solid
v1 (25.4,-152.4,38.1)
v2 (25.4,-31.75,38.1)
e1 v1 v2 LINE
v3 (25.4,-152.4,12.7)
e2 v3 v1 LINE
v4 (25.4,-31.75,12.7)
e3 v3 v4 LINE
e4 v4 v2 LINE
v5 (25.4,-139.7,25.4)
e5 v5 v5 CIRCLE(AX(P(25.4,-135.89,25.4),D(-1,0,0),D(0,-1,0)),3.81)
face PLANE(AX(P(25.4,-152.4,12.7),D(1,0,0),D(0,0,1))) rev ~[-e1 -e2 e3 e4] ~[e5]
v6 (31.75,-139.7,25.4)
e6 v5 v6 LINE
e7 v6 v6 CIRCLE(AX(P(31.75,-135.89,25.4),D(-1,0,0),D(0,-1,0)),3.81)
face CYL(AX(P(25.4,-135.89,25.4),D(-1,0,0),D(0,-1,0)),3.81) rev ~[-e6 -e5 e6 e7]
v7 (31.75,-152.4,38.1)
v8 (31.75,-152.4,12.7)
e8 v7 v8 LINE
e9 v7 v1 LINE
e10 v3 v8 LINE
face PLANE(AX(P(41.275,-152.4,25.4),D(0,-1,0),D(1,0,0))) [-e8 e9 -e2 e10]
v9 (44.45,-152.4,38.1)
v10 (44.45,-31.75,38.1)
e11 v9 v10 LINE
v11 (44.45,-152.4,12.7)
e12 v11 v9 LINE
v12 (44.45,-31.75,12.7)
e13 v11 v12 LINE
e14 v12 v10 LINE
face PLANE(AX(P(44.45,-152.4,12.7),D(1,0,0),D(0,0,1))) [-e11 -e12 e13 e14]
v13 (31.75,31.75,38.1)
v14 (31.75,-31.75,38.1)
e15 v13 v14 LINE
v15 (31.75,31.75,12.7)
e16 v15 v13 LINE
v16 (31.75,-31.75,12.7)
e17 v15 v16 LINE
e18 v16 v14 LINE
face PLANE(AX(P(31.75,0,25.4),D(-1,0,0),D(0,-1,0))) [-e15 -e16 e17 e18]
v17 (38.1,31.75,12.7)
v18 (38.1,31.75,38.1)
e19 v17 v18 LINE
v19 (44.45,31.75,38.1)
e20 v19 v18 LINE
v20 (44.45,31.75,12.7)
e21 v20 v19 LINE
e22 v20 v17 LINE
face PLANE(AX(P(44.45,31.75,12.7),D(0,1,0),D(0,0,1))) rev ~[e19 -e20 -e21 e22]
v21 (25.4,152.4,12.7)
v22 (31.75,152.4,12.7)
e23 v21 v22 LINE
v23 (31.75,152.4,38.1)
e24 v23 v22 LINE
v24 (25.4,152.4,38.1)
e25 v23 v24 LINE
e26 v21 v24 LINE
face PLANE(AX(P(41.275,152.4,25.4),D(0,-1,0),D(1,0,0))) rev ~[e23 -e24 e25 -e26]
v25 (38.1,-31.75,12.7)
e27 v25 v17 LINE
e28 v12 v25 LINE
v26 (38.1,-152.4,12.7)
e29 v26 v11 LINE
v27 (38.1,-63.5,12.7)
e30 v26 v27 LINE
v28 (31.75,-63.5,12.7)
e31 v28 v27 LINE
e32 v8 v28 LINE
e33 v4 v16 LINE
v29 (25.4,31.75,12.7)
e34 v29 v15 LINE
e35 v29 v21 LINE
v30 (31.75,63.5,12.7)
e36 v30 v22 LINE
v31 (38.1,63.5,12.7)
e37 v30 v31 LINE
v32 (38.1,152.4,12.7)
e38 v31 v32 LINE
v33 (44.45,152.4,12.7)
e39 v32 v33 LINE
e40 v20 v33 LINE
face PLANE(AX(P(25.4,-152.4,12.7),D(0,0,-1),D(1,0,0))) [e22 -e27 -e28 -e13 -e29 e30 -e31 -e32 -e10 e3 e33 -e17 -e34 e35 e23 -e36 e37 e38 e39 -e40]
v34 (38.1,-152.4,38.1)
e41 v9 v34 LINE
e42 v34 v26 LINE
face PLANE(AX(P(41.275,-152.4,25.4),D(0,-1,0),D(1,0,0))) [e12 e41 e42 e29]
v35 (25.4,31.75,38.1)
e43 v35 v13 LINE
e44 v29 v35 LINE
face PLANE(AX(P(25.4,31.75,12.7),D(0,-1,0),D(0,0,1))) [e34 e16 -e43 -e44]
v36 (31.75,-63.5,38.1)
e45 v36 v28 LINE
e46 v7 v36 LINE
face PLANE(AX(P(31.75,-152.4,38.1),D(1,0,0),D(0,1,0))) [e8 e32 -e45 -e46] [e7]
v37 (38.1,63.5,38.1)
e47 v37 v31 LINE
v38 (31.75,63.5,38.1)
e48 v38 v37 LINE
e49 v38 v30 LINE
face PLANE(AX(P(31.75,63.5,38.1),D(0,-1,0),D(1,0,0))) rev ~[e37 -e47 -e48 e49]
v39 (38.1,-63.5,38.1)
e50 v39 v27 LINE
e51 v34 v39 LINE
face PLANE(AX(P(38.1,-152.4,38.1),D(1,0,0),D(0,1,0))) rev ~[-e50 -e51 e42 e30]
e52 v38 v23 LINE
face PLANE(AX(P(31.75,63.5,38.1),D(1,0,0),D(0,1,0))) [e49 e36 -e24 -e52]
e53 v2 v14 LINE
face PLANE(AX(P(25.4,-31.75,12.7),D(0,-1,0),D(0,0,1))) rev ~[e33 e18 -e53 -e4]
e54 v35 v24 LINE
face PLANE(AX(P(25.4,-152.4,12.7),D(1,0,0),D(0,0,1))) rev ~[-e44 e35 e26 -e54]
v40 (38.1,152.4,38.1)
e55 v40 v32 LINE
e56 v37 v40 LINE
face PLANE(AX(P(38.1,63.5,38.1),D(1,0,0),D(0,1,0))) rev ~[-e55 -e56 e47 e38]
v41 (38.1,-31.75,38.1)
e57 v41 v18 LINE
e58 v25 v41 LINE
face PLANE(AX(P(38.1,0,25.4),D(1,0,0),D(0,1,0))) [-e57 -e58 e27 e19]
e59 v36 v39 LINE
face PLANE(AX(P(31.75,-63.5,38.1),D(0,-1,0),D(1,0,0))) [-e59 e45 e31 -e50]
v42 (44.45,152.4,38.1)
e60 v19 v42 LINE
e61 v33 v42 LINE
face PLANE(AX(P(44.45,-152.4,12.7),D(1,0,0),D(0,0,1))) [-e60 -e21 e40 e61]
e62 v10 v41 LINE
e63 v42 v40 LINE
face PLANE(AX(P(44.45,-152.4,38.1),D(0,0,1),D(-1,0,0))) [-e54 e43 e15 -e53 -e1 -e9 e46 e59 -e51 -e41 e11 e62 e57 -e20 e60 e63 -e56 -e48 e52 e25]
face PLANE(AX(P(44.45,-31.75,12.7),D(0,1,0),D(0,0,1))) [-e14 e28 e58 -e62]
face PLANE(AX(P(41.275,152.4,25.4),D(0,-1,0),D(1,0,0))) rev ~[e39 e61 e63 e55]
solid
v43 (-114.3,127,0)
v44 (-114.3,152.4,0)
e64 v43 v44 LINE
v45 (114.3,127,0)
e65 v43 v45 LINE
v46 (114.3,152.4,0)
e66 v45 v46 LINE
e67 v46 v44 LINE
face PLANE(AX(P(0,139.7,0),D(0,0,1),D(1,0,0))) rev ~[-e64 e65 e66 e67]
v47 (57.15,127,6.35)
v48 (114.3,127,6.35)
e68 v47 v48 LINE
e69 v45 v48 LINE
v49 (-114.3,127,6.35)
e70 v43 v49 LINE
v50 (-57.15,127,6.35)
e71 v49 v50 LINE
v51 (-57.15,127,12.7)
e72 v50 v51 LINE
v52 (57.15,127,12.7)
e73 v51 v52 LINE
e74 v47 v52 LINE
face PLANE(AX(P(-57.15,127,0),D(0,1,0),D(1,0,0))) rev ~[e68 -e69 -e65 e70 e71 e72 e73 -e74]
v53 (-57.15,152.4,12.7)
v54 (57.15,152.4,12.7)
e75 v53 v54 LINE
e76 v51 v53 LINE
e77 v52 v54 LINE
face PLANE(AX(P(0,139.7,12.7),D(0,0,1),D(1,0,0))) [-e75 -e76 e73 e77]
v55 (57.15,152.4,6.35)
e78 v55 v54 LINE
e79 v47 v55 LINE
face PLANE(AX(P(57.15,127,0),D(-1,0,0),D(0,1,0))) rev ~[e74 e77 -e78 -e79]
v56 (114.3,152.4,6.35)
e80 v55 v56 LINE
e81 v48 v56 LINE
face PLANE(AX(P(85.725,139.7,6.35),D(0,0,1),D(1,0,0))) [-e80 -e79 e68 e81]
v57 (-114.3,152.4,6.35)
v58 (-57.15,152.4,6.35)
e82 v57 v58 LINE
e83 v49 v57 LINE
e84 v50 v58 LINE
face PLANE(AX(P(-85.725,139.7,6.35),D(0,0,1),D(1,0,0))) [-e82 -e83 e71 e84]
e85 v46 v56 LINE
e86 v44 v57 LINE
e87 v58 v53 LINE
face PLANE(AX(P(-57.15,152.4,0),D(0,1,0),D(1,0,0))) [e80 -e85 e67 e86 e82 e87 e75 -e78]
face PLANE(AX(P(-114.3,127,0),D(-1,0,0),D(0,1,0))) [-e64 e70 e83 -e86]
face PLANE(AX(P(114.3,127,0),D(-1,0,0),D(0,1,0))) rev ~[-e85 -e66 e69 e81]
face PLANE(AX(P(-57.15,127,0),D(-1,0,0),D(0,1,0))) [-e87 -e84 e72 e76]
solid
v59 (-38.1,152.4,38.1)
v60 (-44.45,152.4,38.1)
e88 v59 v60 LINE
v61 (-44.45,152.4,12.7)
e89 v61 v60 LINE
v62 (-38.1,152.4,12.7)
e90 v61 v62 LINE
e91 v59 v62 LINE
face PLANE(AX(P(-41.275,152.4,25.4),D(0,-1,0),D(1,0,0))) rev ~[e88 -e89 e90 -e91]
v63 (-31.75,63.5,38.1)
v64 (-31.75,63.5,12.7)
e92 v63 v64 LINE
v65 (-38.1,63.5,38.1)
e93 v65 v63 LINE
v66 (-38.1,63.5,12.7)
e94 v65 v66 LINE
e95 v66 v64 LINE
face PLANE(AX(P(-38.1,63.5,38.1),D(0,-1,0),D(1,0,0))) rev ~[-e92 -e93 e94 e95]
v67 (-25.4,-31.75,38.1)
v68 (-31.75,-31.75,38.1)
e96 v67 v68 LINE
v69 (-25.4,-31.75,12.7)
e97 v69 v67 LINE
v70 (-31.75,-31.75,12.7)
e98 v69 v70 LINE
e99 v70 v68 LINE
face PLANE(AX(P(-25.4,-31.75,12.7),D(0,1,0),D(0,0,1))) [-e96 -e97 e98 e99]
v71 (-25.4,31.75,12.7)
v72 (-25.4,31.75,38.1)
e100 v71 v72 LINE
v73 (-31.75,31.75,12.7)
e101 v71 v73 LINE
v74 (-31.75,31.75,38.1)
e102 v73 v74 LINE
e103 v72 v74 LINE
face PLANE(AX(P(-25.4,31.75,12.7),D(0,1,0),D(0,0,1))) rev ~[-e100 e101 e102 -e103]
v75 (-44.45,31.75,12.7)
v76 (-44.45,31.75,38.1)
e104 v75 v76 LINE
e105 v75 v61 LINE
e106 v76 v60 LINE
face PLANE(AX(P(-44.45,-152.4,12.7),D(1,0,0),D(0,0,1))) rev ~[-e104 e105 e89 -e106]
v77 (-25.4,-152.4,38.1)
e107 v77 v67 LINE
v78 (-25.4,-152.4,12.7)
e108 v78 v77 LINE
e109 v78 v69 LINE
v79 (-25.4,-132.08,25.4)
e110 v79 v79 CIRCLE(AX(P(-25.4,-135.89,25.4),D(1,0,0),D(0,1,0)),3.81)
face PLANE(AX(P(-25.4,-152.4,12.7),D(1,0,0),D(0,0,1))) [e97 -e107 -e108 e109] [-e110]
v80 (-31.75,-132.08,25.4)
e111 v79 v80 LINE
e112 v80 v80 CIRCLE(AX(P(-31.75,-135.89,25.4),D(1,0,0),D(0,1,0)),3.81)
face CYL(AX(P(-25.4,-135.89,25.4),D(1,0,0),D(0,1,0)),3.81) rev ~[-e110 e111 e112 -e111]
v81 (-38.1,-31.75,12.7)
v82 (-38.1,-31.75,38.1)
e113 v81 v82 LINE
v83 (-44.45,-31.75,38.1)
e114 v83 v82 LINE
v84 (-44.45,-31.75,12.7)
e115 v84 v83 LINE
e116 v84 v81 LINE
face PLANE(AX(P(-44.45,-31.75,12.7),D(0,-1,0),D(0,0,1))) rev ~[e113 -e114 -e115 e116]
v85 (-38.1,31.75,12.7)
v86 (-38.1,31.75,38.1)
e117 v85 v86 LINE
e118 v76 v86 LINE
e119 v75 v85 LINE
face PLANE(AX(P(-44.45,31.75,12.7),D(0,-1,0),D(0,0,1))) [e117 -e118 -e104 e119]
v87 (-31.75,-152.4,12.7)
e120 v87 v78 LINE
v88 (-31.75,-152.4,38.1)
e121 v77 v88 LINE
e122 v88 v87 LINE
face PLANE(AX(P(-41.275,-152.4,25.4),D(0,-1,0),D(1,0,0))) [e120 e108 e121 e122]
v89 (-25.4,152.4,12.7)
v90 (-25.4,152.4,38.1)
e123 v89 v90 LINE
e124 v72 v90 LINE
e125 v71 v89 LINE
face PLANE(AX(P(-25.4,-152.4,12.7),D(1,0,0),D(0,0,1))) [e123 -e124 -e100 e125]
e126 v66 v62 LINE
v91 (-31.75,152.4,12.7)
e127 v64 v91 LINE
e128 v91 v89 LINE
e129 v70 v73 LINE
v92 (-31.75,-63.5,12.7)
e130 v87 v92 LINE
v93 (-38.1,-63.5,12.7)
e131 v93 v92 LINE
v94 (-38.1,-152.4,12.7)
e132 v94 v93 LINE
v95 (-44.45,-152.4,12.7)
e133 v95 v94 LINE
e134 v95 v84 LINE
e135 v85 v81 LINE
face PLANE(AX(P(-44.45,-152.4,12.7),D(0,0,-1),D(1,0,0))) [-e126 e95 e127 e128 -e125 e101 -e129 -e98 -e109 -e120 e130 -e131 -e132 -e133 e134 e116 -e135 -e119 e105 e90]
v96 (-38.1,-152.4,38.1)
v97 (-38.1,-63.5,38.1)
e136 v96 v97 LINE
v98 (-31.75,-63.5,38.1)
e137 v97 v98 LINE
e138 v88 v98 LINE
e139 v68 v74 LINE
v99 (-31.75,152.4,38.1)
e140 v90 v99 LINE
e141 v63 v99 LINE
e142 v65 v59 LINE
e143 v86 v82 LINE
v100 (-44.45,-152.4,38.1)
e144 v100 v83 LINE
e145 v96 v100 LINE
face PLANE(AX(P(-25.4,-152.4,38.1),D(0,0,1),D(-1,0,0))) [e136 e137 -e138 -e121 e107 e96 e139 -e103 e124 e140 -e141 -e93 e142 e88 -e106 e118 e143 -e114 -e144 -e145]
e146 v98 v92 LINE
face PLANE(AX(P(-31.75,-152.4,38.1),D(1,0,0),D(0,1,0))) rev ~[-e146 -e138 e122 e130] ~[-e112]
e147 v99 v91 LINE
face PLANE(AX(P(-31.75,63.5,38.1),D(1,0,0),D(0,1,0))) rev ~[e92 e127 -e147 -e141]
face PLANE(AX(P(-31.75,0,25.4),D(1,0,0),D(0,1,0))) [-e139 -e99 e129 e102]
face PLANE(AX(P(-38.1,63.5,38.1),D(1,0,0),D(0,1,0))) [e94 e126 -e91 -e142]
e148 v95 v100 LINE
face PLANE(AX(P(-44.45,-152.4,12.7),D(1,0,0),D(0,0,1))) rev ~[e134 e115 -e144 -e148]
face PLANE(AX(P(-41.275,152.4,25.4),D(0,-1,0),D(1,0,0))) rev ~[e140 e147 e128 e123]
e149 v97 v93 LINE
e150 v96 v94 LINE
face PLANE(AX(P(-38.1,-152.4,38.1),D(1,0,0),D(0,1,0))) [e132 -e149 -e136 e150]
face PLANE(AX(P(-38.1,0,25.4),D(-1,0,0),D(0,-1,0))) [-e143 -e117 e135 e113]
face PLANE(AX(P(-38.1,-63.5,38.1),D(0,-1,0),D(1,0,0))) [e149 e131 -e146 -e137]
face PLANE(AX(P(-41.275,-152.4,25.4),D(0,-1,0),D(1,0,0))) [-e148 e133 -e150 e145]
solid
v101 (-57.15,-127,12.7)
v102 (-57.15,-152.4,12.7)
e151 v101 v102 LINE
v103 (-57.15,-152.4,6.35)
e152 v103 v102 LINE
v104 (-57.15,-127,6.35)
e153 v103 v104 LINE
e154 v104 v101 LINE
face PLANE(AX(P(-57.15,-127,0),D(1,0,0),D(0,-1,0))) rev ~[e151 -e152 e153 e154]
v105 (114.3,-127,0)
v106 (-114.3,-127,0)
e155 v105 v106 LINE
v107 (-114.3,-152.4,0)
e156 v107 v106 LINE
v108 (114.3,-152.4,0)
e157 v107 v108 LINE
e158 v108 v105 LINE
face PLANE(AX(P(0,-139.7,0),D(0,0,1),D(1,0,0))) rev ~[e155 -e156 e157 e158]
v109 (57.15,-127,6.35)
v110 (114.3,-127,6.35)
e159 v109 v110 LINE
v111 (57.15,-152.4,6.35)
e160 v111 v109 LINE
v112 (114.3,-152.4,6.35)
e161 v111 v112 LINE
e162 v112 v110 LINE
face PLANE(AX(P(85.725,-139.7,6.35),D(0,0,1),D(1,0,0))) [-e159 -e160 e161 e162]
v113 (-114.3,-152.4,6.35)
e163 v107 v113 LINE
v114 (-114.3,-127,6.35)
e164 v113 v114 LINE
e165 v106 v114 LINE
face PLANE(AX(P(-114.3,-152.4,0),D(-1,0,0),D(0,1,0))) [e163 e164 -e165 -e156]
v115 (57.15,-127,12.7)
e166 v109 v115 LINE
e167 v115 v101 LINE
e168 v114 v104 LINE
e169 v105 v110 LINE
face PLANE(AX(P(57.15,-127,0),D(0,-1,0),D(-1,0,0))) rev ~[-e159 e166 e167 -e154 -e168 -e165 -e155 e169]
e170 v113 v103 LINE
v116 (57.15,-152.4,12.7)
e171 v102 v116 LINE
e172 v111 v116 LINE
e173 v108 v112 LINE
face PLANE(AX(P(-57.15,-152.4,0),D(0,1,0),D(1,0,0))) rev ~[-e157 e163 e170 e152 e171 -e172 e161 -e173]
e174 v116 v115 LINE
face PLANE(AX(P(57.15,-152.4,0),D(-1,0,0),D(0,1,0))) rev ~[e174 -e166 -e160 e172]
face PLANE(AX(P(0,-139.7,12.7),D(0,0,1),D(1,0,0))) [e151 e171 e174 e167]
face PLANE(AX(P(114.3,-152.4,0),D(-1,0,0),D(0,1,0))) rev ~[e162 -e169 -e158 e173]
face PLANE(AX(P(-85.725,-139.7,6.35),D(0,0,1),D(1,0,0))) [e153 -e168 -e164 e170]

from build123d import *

# Parameters (mm, degrees)
F0_W      = 57.15
F0_H      = 25.4
F1_DEPTH  = 6.35
F0_W_2    = 114.3
F2_DEPTH  = 12.7
F4_W      = 6.35
F4_H      = 25.4
F5_DEPTH  = 304.8
F6_W      = 63.5
F6_H      = 25.4
F7_DEPTH  = 6.35
F8_W      = 63.5
F8_H      = 25.4
F9_DEPTH  = 6.35
F10_W     = 63.5
F10_H     = 25.4
F11_DEPTH = 6.35
F12_W     = 63.5
F12_H     = 25.4
F13_DEPTH = 6.35
F14_W     = 6.35
F14_H     = 88.9
F15_DEPTH = 25.4
F16_R     = 3.81
F17_DEPTH = 6.35
F18_R     = 3.81
F19_DEPTH = 6.35


with BuildPart() as f1:
    # F0 (on Top) → F1 (new body)
    with BuildSketch(Plane.XY):
        with Locations((85.725, -139.7)):
            Rectangle(F0_W, F0_H)
        with Locations((-85.725, -139.7)):
            Rectangle(F0_W, F0_H)
        with Locations((-85.725, 139.7)):
            Rectangle(F0_W, F0_H)
        with Locations((85.725, 139.7)):
            Rectangle(F0_W, F0_H)
    extrude(amount=F1_DEPTH)


with BuildPart() as f2:
    # F0 (on Top) → F2 (new body)
    with BuildSketch(Plane.XY):
        Polygon((-57.15, -127), (-57.15, -152.4), (57.15, -152.4), (57.15, -127), (0, -127), align=None)
        with Locations((0, 139.7)):
            Rectangle(F0_W_2, F0_H)
    extrude(amount=F2_DEPTH)


with BuildPart() as f1_1:
    add(f1.part)

    # F3: union F2
    add(f2.part)


with BuildPart() as f5:
    # F4 (on face) → F5 (new body)
    with BuildSketch(Plane.XZ.offset(152.4)):
        with Locations((-41.275, 25.4)):
            Rectangle(F4_W, F4_H)
        with Locations((-28.575, 25.4)):
            Rectangle(F4_W, F4_H)
        with Locations((41.275, 25.4)):
            Rectangle(F4_W, F4_H)
        with Locations((-34.925, 25.4)):
            Rectangle(F4_W, F4_H)
        with Locations((28.575, 25.4)):
            Rectangle(F4_W, F4_H)
        with Locations((34.925, 25.4)):
            Rectangle(F4_W, F4_H)
    extrude(amount=-F5_DEPTH)

    # F6 (on face) → F7 (cut)
    with BuildSketch(Plane.YZ.offset(44.45)):
        with Locations((0, 25.4)):
            Rectangle(F6_W, F6_H)
    extrude(amount=-F7_DEPTH, mode=Mode.SUBTRACT)

    # F8 (on face) → F9 (cut)
    with BuildSketch(Plane(origin=(25.4, 0, 0), x_dir=(0, -1, 0), z_dir=(-1, 0, 0))):
        with Locations((0, 25.4)):
            Rectangle(F8_W, F8_H)
    extrude(amount=-F9_DEPTH, mode=Mode.SUBTRACT)

    # F10 (on face) → F11 (cut)
    with BuildSketch(Plane(origin=(-44.45, 0, 0), x_dir=(0, -1, 0), z_dir=(-1, 0, 0))):
        with Locations((0, 25.4)):
            Rectangle(F10_W, F10_H)
    extrude(amount=-F11_DEPTH, mode=Mode.SUBTRACT)

    # F12 (on face) → F13 (cut)
    with BuildSketch(Plane.YZ.offset(-25.4)):
        with Locations((0, 25.4)):
            Rectangle(F12_W, F12_H)
    extrude(amount=-F13_DEPTH, mode=Mode.SUBTRACT)

    # F14 (on face) → F15 (cut)
    with BuildSketch(Plane.XY.offset(38.1)):
        with Locations((-34.925, 107.95)):
            Rectangle(F14_W, F14_H)
        with Locations((-34.925, -107.95)):
            Rectangle(F14_W, F14_H)
        with Locations((34.925, 107.95)):
            Rectangle(F14_W, F14_H)
        with Locations((34.925, -107.95)):
            Rectangle(F14_W, F14_H)
    extrude(amount=-F15_DEPTH, mode=Mode.SUBTRACT)

    # F16 (on face) → F17 (cut)
    with BuildSketch(Plane.YZ.offset(-25.4)):
        with Locations((-135.89, 25.4)):
            Circle(F16_R)
    extrude(amount=-F17_DEPTH, mode=Mode.SUBTRACT)

    # F18 (on face) → F19 (cut)
    with BuildSketch(Plane(origin=(25.4, 0, 0), x_dir=(0, -1, 0), z_dir=(-1, 0, 0))):
        with Locations((135.89, 25.4)):
            Circle(F18_R)
    extrude(amount=-F19_DEPTH, mode=Mode.SUBTRACT)


solid = Compound([f1_1.part, f5.part])
